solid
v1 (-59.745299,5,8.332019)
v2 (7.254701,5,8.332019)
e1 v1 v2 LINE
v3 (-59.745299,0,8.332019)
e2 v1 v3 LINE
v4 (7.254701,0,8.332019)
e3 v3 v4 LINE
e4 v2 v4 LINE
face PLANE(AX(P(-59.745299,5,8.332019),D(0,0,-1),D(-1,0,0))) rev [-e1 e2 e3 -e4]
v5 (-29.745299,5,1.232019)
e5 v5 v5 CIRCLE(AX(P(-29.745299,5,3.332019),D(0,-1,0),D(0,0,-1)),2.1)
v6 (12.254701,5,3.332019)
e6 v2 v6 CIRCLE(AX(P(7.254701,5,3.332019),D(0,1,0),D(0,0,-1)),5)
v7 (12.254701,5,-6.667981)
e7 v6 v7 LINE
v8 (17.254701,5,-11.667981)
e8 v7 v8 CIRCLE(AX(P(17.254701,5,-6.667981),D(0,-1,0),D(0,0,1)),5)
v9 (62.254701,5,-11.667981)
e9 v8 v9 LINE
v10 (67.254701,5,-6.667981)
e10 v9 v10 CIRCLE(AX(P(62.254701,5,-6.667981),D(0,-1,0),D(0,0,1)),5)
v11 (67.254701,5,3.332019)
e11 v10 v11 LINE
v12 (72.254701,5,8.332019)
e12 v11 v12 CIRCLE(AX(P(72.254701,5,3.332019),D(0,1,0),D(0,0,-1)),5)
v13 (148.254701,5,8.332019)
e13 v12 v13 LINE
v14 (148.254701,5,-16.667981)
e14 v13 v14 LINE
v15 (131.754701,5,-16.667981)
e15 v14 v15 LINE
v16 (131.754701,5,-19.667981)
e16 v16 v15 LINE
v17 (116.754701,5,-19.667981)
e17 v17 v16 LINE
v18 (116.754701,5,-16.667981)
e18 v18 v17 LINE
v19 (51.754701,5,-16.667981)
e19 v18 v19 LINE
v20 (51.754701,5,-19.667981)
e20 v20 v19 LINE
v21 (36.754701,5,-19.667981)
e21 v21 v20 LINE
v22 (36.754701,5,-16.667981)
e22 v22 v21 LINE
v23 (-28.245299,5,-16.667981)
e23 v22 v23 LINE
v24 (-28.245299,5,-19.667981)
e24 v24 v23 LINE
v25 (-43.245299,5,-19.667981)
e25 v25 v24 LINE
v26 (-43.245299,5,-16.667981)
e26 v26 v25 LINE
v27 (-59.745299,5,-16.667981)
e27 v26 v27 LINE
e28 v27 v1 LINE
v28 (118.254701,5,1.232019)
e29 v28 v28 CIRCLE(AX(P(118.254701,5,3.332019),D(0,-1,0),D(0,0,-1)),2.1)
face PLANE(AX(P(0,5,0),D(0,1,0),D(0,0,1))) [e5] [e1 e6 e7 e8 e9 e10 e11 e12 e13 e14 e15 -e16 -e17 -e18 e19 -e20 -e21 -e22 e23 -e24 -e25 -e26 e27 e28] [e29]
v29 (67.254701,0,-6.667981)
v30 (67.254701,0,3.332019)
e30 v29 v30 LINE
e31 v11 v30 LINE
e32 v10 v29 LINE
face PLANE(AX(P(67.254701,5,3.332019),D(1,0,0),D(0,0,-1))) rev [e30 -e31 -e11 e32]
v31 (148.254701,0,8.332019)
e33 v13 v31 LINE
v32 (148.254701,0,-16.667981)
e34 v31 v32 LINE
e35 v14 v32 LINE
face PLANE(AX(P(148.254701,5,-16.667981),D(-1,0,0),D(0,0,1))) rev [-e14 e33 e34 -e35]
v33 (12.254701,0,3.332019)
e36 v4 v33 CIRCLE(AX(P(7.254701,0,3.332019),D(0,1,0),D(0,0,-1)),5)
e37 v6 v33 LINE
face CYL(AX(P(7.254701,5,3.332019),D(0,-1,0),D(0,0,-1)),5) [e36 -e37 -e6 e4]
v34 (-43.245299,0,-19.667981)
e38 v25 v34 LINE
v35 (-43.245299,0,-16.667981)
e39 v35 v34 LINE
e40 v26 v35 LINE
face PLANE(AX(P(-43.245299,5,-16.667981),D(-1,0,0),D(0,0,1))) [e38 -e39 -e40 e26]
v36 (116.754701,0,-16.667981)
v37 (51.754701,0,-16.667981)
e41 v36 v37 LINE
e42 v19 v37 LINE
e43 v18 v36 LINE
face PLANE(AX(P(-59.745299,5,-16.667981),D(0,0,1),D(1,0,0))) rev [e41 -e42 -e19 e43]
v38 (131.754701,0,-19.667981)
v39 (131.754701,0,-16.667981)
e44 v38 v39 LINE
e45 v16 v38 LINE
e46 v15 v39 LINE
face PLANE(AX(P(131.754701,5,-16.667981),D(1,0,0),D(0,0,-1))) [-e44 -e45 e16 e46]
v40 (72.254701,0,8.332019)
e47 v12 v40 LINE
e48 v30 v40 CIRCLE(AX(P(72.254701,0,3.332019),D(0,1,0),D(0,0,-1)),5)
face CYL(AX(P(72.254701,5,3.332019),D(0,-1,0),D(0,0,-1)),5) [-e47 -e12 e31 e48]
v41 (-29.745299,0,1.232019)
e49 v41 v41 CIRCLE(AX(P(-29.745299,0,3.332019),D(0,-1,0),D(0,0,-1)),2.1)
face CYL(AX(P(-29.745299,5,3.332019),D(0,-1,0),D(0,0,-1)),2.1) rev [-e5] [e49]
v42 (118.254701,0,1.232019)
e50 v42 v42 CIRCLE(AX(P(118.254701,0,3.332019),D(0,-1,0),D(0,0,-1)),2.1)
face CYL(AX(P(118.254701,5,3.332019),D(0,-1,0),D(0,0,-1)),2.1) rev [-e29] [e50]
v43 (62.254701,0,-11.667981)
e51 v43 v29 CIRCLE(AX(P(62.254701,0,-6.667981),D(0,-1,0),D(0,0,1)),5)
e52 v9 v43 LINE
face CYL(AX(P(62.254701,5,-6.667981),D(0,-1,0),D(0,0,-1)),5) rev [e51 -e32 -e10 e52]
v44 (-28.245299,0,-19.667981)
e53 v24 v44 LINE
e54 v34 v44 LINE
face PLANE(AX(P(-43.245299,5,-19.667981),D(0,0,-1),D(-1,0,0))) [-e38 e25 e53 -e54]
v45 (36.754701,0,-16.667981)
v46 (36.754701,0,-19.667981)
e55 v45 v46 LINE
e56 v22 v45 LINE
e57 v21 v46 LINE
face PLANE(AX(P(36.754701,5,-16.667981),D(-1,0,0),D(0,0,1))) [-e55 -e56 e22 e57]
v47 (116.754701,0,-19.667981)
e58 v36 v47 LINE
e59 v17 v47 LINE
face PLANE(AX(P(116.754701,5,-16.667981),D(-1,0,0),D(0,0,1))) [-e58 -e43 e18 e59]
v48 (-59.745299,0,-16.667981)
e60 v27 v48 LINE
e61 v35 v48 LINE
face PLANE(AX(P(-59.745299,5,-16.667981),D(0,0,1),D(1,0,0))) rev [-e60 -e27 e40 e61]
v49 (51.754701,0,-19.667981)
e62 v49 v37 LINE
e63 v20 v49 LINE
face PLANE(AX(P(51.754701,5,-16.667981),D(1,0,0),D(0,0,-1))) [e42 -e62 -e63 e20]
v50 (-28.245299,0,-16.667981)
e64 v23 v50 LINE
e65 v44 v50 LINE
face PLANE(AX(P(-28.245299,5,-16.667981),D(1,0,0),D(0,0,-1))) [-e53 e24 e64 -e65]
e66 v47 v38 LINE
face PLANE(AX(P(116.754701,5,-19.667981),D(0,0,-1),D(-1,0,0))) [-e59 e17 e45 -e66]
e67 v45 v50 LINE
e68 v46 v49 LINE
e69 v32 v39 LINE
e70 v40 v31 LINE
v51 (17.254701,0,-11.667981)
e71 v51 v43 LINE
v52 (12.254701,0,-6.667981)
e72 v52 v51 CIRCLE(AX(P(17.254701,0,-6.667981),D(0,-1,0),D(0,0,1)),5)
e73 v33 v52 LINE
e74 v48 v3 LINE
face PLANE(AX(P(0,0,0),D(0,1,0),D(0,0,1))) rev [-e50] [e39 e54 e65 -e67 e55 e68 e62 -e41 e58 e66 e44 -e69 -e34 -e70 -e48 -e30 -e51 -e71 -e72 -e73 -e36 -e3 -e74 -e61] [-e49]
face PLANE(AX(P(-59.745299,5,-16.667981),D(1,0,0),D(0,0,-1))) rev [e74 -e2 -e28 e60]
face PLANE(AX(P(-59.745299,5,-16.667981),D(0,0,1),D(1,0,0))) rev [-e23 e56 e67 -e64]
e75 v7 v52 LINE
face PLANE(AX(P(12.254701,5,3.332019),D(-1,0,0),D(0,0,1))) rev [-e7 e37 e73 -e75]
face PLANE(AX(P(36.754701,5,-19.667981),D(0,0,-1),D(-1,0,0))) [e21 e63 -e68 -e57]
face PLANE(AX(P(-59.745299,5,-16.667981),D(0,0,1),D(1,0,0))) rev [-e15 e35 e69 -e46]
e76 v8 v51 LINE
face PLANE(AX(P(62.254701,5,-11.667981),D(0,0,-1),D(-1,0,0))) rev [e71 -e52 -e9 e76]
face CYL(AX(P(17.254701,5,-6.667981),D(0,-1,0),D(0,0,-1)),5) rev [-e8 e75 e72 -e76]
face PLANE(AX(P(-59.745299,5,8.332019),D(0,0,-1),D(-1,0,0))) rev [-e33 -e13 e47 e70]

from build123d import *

# Parameters (mm, degrees)
SKETCH1_W            = 208
SKETCH1_H            = 25
BOSS_EXTRUDE1_DEPTH  = 5
SURUCU_BOSLUGU_DEPTH = 6
SKETCH7_R            = 2.1
KASA_BAGLANTI_DEPTH  = 6
SKETCH8_W            = 15
SKETCH8_H            = 3
YAN_BAGLANTI_DEPTH   = 5


with BuildPart() as part:
    # Sketch1 → Boss-Extrude1 (new body)
    with BuildSketch(Plane(origin=(0, 0, 0), x_dir=(1, 0, 0), z_dir=(0, 1, 0))):
        with Locations((44.254700849, 4.167980547)):
            Rectangle(SKETCH1_W, SKETCH1_H)
    extrude(amount=BOSS_EXTRUDE1_DEPTH)

    # Sketch6 → Surucu Boslugu (cut, through all)
    with BuildSketch(Plane(origin=(0, 0, 0), x_dir=(-1, 0, 0), z_dir=(0, -1, 0))):
        with BuildLine():
            Line((-72.254700849, -8.332019453), (-7.254700849, -8.332019453))
            ThreePointArc((-7.254700849, -8.332019453), (-10.790234755, -6.867553359), (-12.254700849, -3.332019453))
            Line((-12.254700849, -3.332019453), (-12.254700849, 6.667980547))
            ThreePointArc((-12.254700849, 6.667980547), (-13.719166943, 10.203514453), (-17.254700849, 11.667980547))
            Line((-17.254700849, 11.667980547), (-62.254700849, 11.667980547))
            ThreePointArc((-62.254700849, 11.667980547), (-65.790234755, 10.203514453), (-67.254700849, 6.667980547))
            Line((-67.254700849, 6.667980547), (-67.254700849, -3.332019453))
            ThreePointArc((-67.254700849, -3.332019453), (-68.719166943, -6.867553359), (-72.254700849, -8.332019453))
        make_face()
    extrude(amount=-SURUCU_BOSLUGU_DEPTH, mode=Mode.SUBTRACT)

    # Sketch7 → Kasa Baglanti (cut, through all)
    with BuildSketch(Plane.XZ):
        with Locations((-29.745299151, 3.332019453)):
            Circle(SKETCH7_R)
        with Locations((118.254700849, 3.332019453)):
            Circle(SKETCH7_R)
    extrude(amount=-KASA_BAGLANTI_DEPTH, mode=Mode.SUBTRACT)

    # Sketch8 → Yan Baglanti (add, through all)
    with BuildSketch(Plane.XZ):
        with Locations((124.254700849, -18.167980547)):
            Rectangle(SKETCH8_W, SKETCH8_H)
        with Locations((44.254700849, -18.167980547)):
            Rectangle(SKETCH8_W, SKETCH8_H)
        with Locations((-35.745299151, -18.167980547)):
            Rectangle(SKETCH8_W, SKETCH8_H)
    extrude(amount=-YAN_BAGLANTI_DEPTH)


solid = part.part
